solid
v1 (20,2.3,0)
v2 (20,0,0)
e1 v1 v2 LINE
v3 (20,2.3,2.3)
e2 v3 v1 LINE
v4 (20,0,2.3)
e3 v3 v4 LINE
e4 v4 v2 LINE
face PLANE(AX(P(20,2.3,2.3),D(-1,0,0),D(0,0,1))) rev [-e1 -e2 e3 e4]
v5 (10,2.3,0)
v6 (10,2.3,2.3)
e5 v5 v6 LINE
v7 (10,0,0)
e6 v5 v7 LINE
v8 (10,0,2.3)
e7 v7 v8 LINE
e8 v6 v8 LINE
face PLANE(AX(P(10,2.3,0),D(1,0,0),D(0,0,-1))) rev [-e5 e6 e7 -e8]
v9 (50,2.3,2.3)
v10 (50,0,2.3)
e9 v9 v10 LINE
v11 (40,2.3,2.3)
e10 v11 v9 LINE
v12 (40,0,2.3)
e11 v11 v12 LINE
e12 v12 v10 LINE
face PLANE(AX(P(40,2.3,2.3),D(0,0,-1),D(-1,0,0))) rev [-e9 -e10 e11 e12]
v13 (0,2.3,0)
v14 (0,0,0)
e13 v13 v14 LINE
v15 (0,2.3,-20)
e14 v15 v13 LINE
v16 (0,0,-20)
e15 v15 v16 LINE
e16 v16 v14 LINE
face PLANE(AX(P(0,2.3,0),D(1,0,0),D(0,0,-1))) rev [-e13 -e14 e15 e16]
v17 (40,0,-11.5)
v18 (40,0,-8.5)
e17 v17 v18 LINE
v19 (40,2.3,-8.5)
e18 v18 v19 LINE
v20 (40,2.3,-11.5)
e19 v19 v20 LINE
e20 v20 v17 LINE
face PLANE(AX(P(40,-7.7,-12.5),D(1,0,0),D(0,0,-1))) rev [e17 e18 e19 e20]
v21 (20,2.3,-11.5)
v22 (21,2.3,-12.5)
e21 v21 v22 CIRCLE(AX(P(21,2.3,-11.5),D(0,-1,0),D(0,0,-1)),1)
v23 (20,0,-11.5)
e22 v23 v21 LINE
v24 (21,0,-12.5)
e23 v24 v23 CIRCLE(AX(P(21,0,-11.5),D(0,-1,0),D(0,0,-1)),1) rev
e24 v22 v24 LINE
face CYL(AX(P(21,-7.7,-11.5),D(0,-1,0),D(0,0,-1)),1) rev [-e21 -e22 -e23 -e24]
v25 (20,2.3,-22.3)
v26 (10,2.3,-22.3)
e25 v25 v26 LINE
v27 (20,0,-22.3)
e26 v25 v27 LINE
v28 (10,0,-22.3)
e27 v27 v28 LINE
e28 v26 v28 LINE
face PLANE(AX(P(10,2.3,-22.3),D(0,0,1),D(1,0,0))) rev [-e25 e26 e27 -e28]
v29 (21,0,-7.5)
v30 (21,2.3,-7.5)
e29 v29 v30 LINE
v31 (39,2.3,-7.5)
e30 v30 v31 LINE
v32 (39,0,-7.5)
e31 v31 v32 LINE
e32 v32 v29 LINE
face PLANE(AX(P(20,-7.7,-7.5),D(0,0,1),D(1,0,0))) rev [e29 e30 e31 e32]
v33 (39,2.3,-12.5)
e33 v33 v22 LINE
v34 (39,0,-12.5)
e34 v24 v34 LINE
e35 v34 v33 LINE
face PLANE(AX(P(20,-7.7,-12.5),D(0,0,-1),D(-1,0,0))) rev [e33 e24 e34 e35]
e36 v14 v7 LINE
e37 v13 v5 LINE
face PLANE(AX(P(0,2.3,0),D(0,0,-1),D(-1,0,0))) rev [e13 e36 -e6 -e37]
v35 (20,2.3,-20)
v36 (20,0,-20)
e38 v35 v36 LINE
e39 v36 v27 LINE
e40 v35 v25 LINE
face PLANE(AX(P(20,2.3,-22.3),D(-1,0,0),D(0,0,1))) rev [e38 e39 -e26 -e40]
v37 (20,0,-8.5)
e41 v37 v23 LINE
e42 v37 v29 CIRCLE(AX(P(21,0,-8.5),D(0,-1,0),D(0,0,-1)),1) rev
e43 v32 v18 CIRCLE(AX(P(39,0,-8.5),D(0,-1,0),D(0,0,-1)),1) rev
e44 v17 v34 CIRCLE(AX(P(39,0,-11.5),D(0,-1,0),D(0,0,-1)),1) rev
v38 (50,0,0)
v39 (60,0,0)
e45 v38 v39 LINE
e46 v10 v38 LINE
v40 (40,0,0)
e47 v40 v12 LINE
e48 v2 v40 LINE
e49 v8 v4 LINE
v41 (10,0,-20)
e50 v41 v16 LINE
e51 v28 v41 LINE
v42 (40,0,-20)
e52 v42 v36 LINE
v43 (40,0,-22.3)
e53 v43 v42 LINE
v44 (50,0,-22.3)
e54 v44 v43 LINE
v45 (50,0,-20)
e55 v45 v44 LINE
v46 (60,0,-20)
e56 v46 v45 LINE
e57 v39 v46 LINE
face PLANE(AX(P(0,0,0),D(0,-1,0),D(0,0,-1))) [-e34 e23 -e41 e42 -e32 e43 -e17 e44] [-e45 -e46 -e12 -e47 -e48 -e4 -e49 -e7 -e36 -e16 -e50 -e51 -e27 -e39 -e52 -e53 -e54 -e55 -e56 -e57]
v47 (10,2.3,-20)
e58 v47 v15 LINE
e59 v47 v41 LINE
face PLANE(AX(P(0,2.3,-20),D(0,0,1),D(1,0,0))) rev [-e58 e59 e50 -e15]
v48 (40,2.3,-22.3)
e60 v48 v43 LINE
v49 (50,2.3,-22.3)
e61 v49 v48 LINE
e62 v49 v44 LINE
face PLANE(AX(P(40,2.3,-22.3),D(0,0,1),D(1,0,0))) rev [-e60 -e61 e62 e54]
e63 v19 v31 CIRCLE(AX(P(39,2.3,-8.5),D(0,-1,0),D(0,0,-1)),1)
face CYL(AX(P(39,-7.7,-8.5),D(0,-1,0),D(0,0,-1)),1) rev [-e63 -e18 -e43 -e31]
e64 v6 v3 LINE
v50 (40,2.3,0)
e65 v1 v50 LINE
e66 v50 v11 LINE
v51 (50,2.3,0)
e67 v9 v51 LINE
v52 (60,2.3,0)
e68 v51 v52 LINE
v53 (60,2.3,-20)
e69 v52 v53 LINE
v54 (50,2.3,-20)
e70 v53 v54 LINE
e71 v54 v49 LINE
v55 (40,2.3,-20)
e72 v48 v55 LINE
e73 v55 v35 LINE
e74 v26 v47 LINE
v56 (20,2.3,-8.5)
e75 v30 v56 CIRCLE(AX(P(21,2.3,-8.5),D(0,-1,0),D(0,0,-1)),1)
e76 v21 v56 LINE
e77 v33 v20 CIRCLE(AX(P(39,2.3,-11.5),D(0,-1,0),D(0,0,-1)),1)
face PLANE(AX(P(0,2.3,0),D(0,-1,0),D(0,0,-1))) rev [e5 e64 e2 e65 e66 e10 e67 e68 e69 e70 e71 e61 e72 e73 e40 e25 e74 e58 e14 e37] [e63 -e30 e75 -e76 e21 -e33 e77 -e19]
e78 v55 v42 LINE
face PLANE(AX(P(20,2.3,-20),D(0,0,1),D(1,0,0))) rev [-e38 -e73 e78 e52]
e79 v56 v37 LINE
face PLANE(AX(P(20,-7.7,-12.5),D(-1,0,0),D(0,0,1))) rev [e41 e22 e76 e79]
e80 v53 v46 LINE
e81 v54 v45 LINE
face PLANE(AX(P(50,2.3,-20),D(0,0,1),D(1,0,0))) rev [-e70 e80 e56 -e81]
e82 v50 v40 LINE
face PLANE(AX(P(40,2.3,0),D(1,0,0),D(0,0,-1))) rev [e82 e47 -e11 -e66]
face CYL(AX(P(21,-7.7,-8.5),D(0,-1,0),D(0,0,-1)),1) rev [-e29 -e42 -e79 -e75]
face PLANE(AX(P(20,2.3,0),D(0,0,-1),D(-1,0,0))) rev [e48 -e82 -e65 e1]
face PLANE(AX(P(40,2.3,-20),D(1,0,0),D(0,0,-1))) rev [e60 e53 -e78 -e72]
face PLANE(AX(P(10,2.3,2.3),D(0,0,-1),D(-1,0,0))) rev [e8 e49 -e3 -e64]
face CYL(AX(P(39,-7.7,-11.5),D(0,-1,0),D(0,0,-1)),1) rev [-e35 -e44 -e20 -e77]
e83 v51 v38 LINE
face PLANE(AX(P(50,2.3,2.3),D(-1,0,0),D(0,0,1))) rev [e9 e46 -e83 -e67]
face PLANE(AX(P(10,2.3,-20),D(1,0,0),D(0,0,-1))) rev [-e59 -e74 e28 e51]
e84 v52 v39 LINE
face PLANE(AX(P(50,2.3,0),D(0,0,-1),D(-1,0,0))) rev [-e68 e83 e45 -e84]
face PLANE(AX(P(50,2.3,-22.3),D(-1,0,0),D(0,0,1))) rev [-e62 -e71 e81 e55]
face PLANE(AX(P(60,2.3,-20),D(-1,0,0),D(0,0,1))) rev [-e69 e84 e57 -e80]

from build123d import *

# Parameters (mm, degrees)
BOSS_EXTRUDE1_DEPTH = 2.3
SKETCH2_W           = 20
SKETCH2_H           = 5
CUT_EXTRUDE1_DEPTH  = 10
FILLET1_R           = 1


with BuildPart() as part:
    # Sketch1 → Boss-Extrude1 (new body)
    with BuildSketch(Plane(origin=(0, 0, 0), x_dir=(1, 0, 0), z_dir=(0, 1, 0))):
        Polygon((0, 0), (0, 20), (10, 20), (10, 22.3), (20, 22.3), (20, 20), (40, 20), (40, 22.3), (50, 22.3), (50, 20), (60, 20), (60, 0), (50, 0), (50, -2.3), (40, -2.3), (40, 0), (20, 0), (20, -2.3), (10, -2.3), (10, 0), align=None)
    extrude(amount=BOSS_EXTRUDE1_DEPTH)

    # Sketch2 → Cut-Extrude1 (cut)
    with BuildSketch(Plane(origin=(0, 2.3, 0), x_dir=(1, 0, 0), z_dir=(0, 1, 0))):
        with Locations((30, 10)):
            Rectangle(SKETCH2_W, SKETCH2_H)
    extrude(amount=-CUT_EXTRUDE1_DEPTH, mode=Mode.SUBTRACT)

    # Fillet1
    fillet1_edges = [part.edges().sort_by_distance(p)[0] for p in [
        (20, 1.15, -12.5),
        (40, 1.15, -12.5),
        (40, 1.15, -7.5),
        (20, 1.15, -7.5),
    ]]
    fillet(fillet1_edges, radius=FILLET1_R)


solid = part.part
